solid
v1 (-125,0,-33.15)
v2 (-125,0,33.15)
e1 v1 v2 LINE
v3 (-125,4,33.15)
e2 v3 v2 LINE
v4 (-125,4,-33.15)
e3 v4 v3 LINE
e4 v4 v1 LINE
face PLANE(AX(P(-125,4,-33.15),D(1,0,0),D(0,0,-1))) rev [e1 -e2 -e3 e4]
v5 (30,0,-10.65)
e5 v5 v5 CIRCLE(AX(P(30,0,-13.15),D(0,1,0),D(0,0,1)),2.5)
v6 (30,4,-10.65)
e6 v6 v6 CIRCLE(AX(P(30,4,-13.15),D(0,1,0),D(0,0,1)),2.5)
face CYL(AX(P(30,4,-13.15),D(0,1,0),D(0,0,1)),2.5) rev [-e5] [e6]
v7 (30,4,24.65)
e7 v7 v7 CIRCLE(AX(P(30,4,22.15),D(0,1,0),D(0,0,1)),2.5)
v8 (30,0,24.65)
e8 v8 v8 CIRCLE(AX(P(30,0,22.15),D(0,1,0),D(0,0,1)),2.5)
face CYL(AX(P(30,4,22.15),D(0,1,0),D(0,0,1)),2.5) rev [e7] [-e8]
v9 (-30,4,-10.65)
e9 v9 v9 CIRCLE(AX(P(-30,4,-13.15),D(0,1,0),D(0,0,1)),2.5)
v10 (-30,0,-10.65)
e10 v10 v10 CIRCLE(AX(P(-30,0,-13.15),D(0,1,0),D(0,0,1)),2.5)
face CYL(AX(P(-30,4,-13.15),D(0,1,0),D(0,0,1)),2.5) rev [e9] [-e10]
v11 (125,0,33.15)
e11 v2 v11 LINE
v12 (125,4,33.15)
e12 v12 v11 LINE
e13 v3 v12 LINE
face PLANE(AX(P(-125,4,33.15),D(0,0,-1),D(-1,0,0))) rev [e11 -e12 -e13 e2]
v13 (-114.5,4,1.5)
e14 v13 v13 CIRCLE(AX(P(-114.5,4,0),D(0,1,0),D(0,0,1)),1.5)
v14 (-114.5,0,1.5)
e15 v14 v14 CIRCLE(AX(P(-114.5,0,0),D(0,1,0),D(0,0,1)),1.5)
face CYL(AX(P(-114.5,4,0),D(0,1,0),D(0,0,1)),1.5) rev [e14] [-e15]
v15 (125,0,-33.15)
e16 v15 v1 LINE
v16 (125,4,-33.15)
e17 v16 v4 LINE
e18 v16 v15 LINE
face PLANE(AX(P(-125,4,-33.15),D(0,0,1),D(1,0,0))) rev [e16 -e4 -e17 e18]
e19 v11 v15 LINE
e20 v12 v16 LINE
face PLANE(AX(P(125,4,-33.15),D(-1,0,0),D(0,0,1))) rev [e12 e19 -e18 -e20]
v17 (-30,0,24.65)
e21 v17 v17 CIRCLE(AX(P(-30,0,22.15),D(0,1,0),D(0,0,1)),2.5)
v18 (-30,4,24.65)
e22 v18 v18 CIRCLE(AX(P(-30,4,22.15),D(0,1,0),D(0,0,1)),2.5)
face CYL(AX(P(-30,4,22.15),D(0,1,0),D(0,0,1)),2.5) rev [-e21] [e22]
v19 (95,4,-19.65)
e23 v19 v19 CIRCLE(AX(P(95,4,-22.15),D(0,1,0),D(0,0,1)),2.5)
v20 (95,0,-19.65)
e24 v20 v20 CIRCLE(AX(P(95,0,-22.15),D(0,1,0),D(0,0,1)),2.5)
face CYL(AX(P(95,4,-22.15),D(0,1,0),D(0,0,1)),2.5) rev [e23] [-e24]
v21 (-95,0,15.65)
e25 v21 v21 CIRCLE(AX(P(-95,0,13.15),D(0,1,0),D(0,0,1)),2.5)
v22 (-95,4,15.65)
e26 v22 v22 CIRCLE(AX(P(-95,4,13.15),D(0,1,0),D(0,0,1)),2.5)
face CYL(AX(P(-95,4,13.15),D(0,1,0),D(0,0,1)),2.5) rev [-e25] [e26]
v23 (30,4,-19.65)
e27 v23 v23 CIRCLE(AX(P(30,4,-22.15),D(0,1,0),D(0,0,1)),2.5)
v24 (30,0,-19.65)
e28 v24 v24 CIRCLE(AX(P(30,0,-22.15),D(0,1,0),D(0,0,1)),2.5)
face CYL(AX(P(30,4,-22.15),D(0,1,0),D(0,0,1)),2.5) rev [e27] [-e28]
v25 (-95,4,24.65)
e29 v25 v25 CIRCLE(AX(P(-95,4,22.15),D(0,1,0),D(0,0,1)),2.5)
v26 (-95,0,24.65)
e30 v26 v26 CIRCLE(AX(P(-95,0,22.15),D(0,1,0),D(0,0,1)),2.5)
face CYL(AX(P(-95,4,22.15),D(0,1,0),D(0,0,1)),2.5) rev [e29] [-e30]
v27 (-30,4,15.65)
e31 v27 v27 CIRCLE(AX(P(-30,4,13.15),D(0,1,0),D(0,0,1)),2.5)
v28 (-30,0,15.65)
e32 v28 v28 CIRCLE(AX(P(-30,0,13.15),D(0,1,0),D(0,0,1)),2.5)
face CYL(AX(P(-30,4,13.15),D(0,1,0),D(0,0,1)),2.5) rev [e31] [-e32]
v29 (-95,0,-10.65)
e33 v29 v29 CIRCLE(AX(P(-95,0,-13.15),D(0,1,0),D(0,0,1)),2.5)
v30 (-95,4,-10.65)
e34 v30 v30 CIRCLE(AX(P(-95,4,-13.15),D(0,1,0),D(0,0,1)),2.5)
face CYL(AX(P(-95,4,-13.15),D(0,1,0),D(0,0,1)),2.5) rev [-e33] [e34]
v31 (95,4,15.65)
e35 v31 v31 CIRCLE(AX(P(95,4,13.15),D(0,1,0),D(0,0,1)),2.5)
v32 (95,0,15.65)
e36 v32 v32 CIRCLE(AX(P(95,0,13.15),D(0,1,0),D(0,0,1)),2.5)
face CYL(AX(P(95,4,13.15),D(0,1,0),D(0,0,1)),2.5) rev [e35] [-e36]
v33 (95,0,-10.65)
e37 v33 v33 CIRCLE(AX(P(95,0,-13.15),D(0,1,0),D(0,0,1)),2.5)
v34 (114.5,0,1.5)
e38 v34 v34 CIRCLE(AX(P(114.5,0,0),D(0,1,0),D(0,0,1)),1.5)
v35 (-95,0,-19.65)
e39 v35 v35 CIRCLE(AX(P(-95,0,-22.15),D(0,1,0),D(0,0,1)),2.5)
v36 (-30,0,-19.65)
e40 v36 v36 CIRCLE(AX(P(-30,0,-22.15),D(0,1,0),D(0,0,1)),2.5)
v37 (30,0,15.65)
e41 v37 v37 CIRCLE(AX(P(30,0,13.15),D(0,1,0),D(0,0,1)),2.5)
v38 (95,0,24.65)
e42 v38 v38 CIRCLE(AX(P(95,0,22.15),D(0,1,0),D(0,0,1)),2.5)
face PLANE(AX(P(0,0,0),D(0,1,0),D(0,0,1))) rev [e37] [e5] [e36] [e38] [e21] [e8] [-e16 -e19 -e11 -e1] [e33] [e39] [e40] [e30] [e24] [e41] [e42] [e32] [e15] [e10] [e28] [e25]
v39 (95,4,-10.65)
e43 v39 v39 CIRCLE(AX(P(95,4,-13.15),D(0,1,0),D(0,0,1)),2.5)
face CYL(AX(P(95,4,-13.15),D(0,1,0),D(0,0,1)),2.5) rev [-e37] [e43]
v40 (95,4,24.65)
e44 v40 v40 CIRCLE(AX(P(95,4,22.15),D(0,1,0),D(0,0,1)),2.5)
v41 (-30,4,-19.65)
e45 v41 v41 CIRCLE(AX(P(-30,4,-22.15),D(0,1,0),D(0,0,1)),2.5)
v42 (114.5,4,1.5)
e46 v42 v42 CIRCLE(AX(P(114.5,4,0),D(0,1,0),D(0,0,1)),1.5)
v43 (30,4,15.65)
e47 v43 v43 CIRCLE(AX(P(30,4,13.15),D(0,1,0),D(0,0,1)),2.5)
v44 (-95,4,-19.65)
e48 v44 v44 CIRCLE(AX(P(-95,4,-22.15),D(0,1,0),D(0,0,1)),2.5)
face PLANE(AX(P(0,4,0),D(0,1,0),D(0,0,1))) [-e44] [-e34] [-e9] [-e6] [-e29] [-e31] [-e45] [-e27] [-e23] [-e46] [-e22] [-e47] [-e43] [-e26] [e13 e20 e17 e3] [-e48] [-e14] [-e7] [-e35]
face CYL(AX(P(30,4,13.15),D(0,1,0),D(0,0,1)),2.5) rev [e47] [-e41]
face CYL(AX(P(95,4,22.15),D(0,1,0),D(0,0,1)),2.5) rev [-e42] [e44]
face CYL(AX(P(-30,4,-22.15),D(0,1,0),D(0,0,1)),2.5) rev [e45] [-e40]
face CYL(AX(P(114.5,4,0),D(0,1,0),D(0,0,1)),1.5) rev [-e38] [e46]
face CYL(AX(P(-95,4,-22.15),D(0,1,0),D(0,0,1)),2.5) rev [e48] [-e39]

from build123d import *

# Parameters (mm, degrees)
SKETCH1_W                      = 250
SKETCH1_H                      = 66.3
BOSS_EXTRUDE1_DEPTH            = 4
F_5_0MM_DOWEL_HOLE2_AT_2_COUNT = 2
F_5_0MM_DOWEL_HOLE2_AT_2_PITCH = 9
LPATTERN2_COUNT                = 2
LPATTERN2_PITCH                = 65


with BuildPart() as part:
    # Sketch1 → Boss-Extrude1 (new body)
    with BuildSketch(Plane(origin=(0, 0, 0), x_dir=(1, 0, 0), z_dir=(0, 1, 0))):
        Rectangle(SKETCH1_W, SKETCH1_H)
    extrude(amount=BOSS_EXTRUDE1_DEPTH)

    # Sketch5 → Ø3.0mm Dowel Hole1 (revolve, cut)
    with BuildSketch(Plane(origin=(-114.5, 4, 0), x_dir=(0, 0, 1), z_dir=(1, 0, 0))):
        Polygon((0, 0), (0, 100.901290929), (1.5, 100), (1.5, 0), align=None)
    f_3_0mm_dowel_hole1 = revolve(axis=Axis((-114.5, 10.35, 0), (0, -1, 0)), mode=Mode.SUBTRACT)

    # Sketch7 → Ø5.0mm Dowel Hole2 (revolve, cut)
    with BuildSketch(Plane(origin=(-95, 4, -22.15), x_dir=(0, 0, 1), z_dir=(1, 0, 0))):
        Polygon((0, 0), (0, 51.502151548), (2.5, 50), (2.5, 0), align=None)
    f_5_0mm_dowel_hole2 = revolve(axis=Axis((-95, 10.35, -22.15), (0, -1, 0)), mode=Mode.SUBTRACT)

    # Ø5.0mm Dowel Hole2 at 2: Ø5.0mm Dowel Hole2 ×2
    with Locations(*[(0, 0, i * F_5_0MM_DOWEL_HOLE2_AT_2_PITCH) for i in range(1, F_5_0MM_DOWEL_HOLE2_AT_2_COUNT)]):
        add(f_5_0mm_dowel_hole2, mode=Mode.SUBTRACT)

    # LPattern2: Ø5.0mm Dowel Hole2 ×2
    with Locations(*[(i * LPATTERN2_PITCH, 0, 0) for i in range(1, LPATTERN2_COUNT)]):
        add(f_5_0mm_dowel_hole2, mode=Mode.SUBTRACT)

    # LPattern2 copy 1 sketch → LPattern2 copy 1 (revolve, cut)
    with BuildSketch(Plane(origin=(-30, 4, -13.15), x_dir=(0, 0, 1), z_dir=(1, 0, 0))):
        Polygon((0, 0), (0, 51.502151548), (2.5, 50), (2.5, 0), align=None)
    revolve(axis=Axis((-30, 10.35, -13.15), (0, -1, 0)), mode=Mode.SUBTRACT)

    # Mirror3: Ø3.0mm Dowel Hole1, Ø5.0mm Dowel Hole2 across plane
    add(f_3_0mm_dowel_hole1.mirror(Plane(origin=(0, 0, 0), x_dir=(0, 0, 1), z_dir=(1, 0, 0))), mode=Mode.SUBTRACT)
    add(f_5_0mm_dowel_hole2.mirror(Plane(origin=(0, 0, 0), x_dir=(0, 0, 1), z_dir=(1, 0, 0))), mode=Mode.SUBTRACT)

    # Mirror3 copy 1 sketch → Mirror3 copy 1 (revolve, cut)
    with BuildSketch(Plane(origin=(95, 4, -13.15), x_dir=(0, 0, 1), z_dir=(-1, 0, 0))):
        Polygon((0, 0), (0, -51.502151548), (2.5, -50), (2.5, 0), align=None)
    revolve(axis=Axis((95, 10.35, -13.15), (0, 1, 0)), mode=Mode.SUBTRACT)

    # Mirror3 copy 2 sketch → Mirror3 copy 2 (revolve, cut)
    with BuildSketch(Plane(origin=(30, 4, -22.15), x_dir=(0, 0, 1), z_dir=(-1, 0, 0))):
        Polygon((0, 0), (0, -51.502151548), (2.5, -50), (2.5, 0), align=None)
    revolve(axis=Axis((30, 10.35, -22.15), (0, 1, 0)), mode=Mode.SUBTRACT)

    # Mirror3 copy 3 sketch → Mirror3 copy 3 (revolve, cut)
    with BuildSketch(Plane(origin=(30, 4, -13.15), x_dir=(0, 0, 1), z_dir=(-1, 0, 0))):
        Polygon((0, 0), (0, -51.502151548), (2.5, -50), (2.5, 0), align=None)
    revolve(axis=Axis((30, 10.35, -13.15), (0, 1, 0)), mode=Mode.SUBTRACT)

    # Mirror4: Ø5.0mm Dowel Hole2 across plane
    add(f_5_0mm_dowel_hole2.mirror(Plane.XY), mode=Mode.SUBTRACT)

    # Mirror4 copy 1 sketch → Mirror4 copy 1 (revolve, cut)
    with BuildSketch(Plane(origin=(-95, 4, 13.15), x_dir=(0, 0, -1), z_dir=(1, 0, 0))):
        Polygon((0, 0), (0, -51.502151548), (2.5, -50), (2.5, 0), align=None)
    revolve(axis=Axis((-95, 10.35, 13.15), (0, 1, 0)), mode=Mode.SUBTRACT)

    # Mirror4 copy 2 sketch → Mirror4 copy 2 (revolve, cut)
    with BuildSketch(Plane(origin=(-30, 4, 22.15), x_dir=(0, 0, -1), z_dir=(1, 0, 0))):
        Polygon((0, 0), (0, -51.502151548), (2.5, -50), (2.5, 0), align=None)
    revolve(axis=Axis((-30, 10.35, 22.15), (0, 1, 0)), mode=Mode.SUBTRACT)

    # Mirror4 copy 3 sketch → Mirror4 copy 3 (revolve, cut)
    with BuildSketch(Plane(origin=(-30, 4, 13.15), x_dir=(0, 0, -1), z_dir=(1, 0, 0))):
        Polygon((0, 0), (0, -51.502151548), (2.5, -50), (2.5, 0), align=None)
    revolve(axis=Axis((-30, 10.35, 13.15), (0, 1, 0)), mode=Mode.SUBTRACT)

    # Mirror4 copy 4 sketch → Mirror4 copy 4 (revolve, cut)
    with BuildSketch(Plane(origin=(114.5, 4, 0), x_dir=(0, 0, -1), z_dir=(-1, 0, 0))):
        Polygon((0, 0), (0, 100.901290929), (1.5, 100), (1.5, 0), align=None)
    revolve(axis=Axis((114.5, 10.35, 0), (0, -1, 0)), mode=Mode.SUBTRACT)

    # Mirror4 copy 5 sketch → Mirror4 copy 5 (revolve, cut)
    with BuildSketch(Plane(origin=(95, 4, 22.15), x_dir=(0, 0, -1), z_dir=(-1, 0, 0))):
        Polygon((0, 0), (0, 51.502151548), (2.5, 50), (2.5, 0), align=None)
    revolve(axis=Axis((95, 10.35, 22.15), (0, -1, 0)), mode=Mode.SUBTRACT)

    # Mirror4 copy 6 sketch → Mirror4 copy 6 (revolve, cut)
    with BuildSketch(Plane(origin=(95, 4, 13.15), x_dir=(0, 0, -1), z_dir=(-1, 0, 0))):
        Polygon((0, 0), (0, 51.502151548), (2.5, 50), (2.5, 0), align=None)
    revolve(axis=Axis((95, 10.35, 13.15), (0, -1, 0)), mode=Mode.SUBTRACT)

    # Mirror4 copy 7 sketch → Mirror4 copy 7 (revolve, cut)
    with BuildSketch(Plane(origin=(30, 4, 22.15), x_dir=(0, 0, -1), z_dir=(-1, 0, 0))):
        Polygon((0, 0), (0, 51.502151548), (2.5, 50), (2.5, 0), align=None)
    revolve(axis=Axis((30, 10.35, 22.15), (0, -1, 0)), mode=Mode.SUBTRACT)

    # Mirror4 copy 8 sketch → Mirror4 copy 8 (revolve, cut)
    with BuildSketch(Plane(origin=(30, 4, 13.15), x_dir=(0, 0, -1), z_dir=(-1, 0, 0))):
        Polygon((0, 0), (0, 51.502151548), (2.5, 50), (2.5, 0), align=None)
    revolve(axis=Axis((30, 10.35, 13.15), (0, -1, 0)), mode=Mode.SUBTRACT)

    # Mirror4 copy 9 sketch → Mirror4 copy 9 (revolve, cut)
    with BuildSketch(Plane(origin=(-114.5, 4, 0), x_dir=(0, 0, -1), z_dir=(1, 0, 0))):
        Polygon((0, 0), (0, -100.901290929), (1.5, -100), (1.5, 0), align=None)
    revolve(axis=Axis((-114.5, 10.35, 0), (0, 1, 0)), mode=Mode.SUBTRACT)


solid = part.part
